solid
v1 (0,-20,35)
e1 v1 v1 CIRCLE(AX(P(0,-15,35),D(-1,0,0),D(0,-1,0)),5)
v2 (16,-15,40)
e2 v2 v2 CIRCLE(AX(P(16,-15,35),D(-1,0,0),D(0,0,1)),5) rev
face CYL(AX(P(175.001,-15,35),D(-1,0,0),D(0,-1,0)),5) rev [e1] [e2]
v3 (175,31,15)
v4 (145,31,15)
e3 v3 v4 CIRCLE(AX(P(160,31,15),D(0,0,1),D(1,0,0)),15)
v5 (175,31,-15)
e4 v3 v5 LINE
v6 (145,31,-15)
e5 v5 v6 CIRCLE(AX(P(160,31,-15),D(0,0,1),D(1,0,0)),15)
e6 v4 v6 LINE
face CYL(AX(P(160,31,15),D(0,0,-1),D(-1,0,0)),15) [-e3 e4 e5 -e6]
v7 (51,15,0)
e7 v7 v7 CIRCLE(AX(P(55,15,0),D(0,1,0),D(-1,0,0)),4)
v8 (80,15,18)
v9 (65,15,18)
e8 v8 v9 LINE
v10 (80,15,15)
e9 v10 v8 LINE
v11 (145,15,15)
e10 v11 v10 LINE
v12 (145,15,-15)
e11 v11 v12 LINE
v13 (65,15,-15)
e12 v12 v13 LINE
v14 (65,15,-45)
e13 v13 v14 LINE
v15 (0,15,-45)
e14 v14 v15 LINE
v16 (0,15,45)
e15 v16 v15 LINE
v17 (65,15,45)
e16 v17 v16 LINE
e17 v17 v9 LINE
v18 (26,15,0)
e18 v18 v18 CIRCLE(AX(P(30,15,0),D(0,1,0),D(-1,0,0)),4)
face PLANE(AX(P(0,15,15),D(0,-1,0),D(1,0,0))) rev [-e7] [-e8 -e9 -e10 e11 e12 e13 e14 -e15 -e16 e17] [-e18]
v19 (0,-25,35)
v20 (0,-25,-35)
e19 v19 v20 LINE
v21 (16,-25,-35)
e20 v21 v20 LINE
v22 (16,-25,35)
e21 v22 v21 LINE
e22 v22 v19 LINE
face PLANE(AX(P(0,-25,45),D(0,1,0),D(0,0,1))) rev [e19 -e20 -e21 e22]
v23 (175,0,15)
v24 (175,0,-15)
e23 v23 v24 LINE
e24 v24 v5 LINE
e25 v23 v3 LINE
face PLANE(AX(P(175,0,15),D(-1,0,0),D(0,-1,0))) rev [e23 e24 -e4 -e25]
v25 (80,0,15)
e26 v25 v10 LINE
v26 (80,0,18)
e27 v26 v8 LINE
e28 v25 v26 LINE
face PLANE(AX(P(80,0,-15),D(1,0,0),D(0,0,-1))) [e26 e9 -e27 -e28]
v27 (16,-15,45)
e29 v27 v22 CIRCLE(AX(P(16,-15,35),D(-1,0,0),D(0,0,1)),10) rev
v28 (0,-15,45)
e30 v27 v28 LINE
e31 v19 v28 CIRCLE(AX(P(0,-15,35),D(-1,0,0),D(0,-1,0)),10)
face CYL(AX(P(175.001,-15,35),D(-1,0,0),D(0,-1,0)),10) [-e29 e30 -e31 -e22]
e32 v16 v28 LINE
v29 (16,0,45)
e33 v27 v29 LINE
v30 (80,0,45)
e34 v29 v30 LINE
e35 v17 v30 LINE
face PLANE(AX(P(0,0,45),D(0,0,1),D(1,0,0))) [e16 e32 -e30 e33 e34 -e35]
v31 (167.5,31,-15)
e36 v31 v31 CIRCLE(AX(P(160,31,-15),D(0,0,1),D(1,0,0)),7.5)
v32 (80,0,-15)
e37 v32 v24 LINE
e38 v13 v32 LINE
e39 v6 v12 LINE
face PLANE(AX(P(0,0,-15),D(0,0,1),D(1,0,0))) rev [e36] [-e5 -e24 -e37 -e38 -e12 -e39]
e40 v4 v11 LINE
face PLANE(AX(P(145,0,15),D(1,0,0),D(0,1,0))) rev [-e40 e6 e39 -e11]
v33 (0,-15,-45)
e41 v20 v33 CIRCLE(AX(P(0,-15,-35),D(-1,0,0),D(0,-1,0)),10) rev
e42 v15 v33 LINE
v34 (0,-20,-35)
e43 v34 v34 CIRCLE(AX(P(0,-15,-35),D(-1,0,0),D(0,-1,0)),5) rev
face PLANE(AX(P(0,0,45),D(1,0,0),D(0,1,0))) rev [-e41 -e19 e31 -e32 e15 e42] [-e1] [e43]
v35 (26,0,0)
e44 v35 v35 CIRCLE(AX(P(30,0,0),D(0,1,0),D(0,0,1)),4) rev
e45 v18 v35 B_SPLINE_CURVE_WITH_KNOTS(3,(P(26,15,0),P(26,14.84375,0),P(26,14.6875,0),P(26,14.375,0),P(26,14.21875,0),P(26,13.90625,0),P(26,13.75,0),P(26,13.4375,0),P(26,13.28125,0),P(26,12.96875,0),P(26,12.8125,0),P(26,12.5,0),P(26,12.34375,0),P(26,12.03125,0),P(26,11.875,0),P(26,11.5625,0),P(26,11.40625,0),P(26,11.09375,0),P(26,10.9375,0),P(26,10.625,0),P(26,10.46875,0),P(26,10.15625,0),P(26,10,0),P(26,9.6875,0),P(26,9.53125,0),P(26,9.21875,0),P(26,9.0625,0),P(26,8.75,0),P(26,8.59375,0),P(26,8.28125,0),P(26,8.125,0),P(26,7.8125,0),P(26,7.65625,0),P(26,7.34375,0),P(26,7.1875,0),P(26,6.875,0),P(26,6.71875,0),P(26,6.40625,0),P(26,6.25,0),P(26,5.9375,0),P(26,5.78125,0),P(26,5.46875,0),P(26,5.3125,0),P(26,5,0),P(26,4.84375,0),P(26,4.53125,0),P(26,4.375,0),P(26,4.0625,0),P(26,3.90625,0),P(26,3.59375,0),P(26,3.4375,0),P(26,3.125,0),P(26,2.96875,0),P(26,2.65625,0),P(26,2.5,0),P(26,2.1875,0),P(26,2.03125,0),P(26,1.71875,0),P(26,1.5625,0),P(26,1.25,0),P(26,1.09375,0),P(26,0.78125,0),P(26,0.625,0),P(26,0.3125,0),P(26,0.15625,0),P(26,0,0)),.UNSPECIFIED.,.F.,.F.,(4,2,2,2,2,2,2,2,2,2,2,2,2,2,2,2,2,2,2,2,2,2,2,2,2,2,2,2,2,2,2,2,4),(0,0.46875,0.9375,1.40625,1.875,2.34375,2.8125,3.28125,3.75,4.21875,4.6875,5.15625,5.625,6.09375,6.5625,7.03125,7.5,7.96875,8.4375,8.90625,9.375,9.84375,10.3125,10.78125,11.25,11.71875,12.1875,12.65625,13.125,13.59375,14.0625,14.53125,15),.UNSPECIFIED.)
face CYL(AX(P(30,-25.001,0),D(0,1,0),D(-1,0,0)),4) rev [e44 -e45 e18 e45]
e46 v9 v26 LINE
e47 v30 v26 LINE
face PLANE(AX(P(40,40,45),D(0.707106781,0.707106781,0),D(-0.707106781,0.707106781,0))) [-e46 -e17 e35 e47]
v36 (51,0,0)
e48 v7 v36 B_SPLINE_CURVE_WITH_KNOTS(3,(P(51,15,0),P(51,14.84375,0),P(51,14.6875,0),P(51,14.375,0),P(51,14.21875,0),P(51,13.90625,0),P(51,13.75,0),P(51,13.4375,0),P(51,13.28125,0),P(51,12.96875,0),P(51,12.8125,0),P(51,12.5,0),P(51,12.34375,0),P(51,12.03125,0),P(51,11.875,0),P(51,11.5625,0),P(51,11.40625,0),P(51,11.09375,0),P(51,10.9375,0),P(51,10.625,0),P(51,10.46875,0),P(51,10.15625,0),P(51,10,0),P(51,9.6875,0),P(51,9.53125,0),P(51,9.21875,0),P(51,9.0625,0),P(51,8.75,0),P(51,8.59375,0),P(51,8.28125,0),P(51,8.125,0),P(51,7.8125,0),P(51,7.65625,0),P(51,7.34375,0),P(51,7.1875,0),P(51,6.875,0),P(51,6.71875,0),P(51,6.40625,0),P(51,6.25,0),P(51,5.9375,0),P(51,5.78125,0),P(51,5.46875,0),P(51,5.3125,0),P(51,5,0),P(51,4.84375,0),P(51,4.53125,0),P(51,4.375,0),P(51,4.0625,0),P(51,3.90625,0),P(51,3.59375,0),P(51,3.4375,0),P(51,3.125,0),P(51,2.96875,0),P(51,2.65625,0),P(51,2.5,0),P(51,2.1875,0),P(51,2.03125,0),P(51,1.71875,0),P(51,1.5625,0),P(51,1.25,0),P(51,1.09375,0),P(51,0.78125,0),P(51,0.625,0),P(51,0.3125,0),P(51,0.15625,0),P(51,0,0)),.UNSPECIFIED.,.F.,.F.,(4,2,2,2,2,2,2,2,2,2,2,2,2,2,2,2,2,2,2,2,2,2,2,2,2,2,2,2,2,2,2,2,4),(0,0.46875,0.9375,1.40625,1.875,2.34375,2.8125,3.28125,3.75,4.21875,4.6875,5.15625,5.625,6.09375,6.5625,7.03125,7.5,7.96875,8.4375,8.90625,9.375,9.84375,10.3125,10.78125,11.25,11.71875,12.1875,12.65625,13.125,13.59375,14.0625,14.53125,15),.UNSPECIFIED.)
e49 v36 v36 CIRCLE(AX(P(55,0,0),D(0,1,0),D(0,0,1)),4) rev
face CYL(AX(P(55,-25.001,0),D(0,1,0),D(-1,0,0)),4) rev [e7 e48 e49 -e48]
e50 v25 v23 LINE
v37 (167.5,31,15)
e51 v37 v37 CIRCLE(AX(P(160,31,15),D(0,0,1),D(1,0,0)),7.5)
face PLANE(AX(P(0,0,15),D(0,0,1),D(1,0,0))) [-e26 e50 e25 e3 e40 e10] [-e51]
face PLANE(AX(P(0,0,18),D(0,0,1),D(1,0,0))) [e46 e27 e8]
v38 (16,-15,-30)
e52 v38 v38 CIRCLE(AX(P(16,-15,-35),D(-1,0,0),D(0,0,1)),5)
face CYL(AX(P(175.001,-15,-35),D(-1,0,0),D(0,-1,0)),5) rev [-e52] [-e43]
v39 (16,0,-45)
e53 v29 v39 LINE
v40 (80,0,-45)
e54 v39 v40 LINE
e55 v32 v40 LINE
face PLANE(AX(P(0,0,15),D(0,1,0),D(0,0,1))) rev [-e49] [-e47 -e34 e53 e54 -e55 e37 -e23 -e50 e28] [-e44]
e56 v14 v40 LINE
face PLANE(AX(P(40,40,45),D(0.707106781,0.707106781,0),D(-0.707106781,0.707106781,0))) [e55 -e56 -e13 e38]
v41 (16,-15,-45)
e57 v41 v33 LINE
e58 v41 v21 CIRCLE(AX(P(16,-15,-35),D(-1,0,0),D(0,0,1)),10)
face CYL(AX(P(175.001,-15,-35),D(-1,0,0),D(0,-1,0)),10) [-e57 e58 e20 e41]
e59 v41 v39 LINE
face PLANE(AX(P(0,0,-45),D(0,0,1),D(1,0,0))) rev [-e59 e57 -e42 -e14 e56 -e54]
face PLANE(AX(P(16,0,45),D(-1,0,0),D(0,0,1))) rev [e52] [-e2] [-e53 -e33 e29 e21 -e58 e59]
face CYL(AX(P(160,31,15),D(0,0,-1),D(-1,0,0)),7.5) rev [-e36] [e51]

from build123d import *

# Parameters (mm, degrees)
SKETCH1_R                = 7.5
BOSS_EXTRUDE1_DEPTH      = 15
BOSS_EXTRUDE2_DEPTH      = 45
BOSS_EXTRUDE3_DEPTH      = 18
BOSS_EXTRUDE3_DEPTH_BACK = 15
CUT_EXTRUDE1_REACH       = 187.068
SKETCH2_R                = 4
CUT_EXTRUDE2_REACH       = 188.456
SKETCH3_R                = 5


with BuildPart() as part:
    # Sketch1 → Boss-Extrude1 (new, symmetric)
    with BuildSketch(Plane.XY):
        with BuildLine():
            Line((145, 15), (80, 15))
            Line((80, 15), (80, 0))
            Line((80, 0), (175, 0))
            Line((175, 0), (175, 31))
            ThreePointArc((175, 31), (160, 46), (145, 31))
            Line((145, 31), (145, 15))
        make_face()
        with Locations((160, 31)):
            Circle(SKETCH1_R, mode=Mode.SUBTRACT)
    extrude(amount=BOSS_EXTRUDE1_DEPTH, both=True)



with BuildPart() as body_2:
    # Sketch1<3> → Boss-Extrude2 (new, symmetric)
    with BuildSketch(Plane.XY):
        Polygon((65, 15), (0, 15), (0, -25), (16, -25), (16, 0), (80, 0), align=None)
    extrude(amount=BOSS_EXTRUDE2_DEPTH, both=True)


with BuildPart() as part_1:
    add(part.part)

    add(body_2.part)  # Boss-Extrude3 merges body 2
    # Sketch1<4> → Boss-Extrude3 (add, two sides: drawn at the far end of the back side and taken through both)
    with BuildSketch(Plane.XY.offset(-BOSS_EXTRUDE3_DEPTH_BACK)):
        Polygon((80, 15), (65, 15), (80, 0), align=None)
    extrude(amount=BOSS_EXTRUDE3_DEPTH + BOSS_EXTRUDE3_DEPTH_BACK)

    # Sketch2 → Cut-Extrude1 (cut, up to next)
    with BuildSketch(Plane(origin=(0, 15, 0), x_dir=(1, 0, 0), z_dir=(0, 1, 0)), mode=Mode.PRIVATE) as cut_extrude1_sk1:
        with Locations((55, 0)):
            Circle(SKETCH2_R)
    cut_extrude1_tool1 = extrude(cut_extrude1_sk1.sketch, amount=-CUT_EXTRUDE1_REACH, mode=Mode.PRIVATE) & part_1.part
    # Sketch2 → Cut-Extrude1 (cut, up to next)
    with BuildSketch(Plane(origin=(0, 15, 0), x_dir=(1, 0, 0), z_dir=(0, 1, 0)), mode=Mode.PRIVATE) as cut_extrude1_sk2:
        with Locations((30, 0)):
            Circle(SKETCH2_R)
    cut_extrude1_tool2 = extrude(cut_extrude1_sk2.sketch, amount=-CUT_EXTRUDE1_REACH, mode=Mode.PRIVATE) & part_1.part
    add(cut_extrude1_tool1.solids().sort_by_distance((55, 15, 0))[0], mode=Mode.SUBTRACT)
    add(cut_extrude1_tool2.solids().sort_by_distance((30, 15, 0))[0], mode=Mode.SUBTRACT)

    # Sketch3 → Cut-Extrude2 (cut, up to next)
    with BuildSketch(Plane.ZY, mode=Mode.PRIVATE) as cut_extrude2_sk1:
        with Locations((35, -15)):
            Circle(SKETCH3_R)
    cut_extrude2_tool1 = extrude(cut_extrude2_sk1.sketch, amount=-CUT_EXTRUDE2_REACH, mode=Mode.PRIVATE) & part_1.part
    # Sketch3 → Cut-Extrude2 (cut, up to next)
    with BuildSketch(Plane.ZY, mode=Mode.PRIVATE) as cut_extrude2_sk2:
        with BuildLine():
            Line((45, -25), (45, -15))
            ThreePointArc((45, -15), (42.071067812, -22.071067812), (35, -25))
            Line((35, -25), (45, -25))
        make_face()
    cut_extrude2_tool2 = extrude(cut_extrude2_sk2.sketch, amount=-CUT_EXTRUDE2_REACH, mode=Mode.PRIVATE) & part_1.part
    # Sketch3 → Cut-Extrude2 (cut, up to next)
    with BuildSketch(Plane.ZY, mode=Mode.PRIVATE) as cut_extrude2_sk3:
        with BuildLine():
            Line((-45, -25), (-35, -25))
            ThreePointArc((-35, -25), (-42.071067806, -22.071067818), (-45, -15.000000016))
            Line((-45, -15.000000016), (-45, -25))
        make_face()
    cut_extrude2_tool3 = extrude(cut_extrude2_sk3.sketch, amount=-CUT_EXTRUDE2_REACH, mode=Mode.PRIVATE) & part_1.part
    # Sketch3 → Cut-Extrude2 (cut, up to next)
    with BuildSketch(Plane.ZY, mode=Mode.PRIVATE) as cut_extrude2_sk4:
        with Locations((-35, -15)):
            Circle(SKETCH3_R)
    cut_extrude2_tool4 = extrude(cut_extrude2_sk4.sketch, amount=-CUT_EXTRUDE2_REACH, mode=Mode.PRIVATE) & part_1.part
    add(cut_extrude2_tool1.solids().sort_by_distance((0, -15, 35))[0], mode=Mode.SUBTRACT)
    add(cut_extrude2_tool2.solids().sort_by_distance((0, -22.766321, 42.766321))[0], mode=Mode.SUBTRACT)
    add(cut_extrude2_tool3.solids().sort_by_distance((0, -22.766321, -42.766321))[0], mode=Mode.SUBTRACT)
    add(cut_extrude2_tool4.solids().sort_by_distance((0, -15, -35))[0], mode=Mode.SUBTRACT)


solid = part_1.part
